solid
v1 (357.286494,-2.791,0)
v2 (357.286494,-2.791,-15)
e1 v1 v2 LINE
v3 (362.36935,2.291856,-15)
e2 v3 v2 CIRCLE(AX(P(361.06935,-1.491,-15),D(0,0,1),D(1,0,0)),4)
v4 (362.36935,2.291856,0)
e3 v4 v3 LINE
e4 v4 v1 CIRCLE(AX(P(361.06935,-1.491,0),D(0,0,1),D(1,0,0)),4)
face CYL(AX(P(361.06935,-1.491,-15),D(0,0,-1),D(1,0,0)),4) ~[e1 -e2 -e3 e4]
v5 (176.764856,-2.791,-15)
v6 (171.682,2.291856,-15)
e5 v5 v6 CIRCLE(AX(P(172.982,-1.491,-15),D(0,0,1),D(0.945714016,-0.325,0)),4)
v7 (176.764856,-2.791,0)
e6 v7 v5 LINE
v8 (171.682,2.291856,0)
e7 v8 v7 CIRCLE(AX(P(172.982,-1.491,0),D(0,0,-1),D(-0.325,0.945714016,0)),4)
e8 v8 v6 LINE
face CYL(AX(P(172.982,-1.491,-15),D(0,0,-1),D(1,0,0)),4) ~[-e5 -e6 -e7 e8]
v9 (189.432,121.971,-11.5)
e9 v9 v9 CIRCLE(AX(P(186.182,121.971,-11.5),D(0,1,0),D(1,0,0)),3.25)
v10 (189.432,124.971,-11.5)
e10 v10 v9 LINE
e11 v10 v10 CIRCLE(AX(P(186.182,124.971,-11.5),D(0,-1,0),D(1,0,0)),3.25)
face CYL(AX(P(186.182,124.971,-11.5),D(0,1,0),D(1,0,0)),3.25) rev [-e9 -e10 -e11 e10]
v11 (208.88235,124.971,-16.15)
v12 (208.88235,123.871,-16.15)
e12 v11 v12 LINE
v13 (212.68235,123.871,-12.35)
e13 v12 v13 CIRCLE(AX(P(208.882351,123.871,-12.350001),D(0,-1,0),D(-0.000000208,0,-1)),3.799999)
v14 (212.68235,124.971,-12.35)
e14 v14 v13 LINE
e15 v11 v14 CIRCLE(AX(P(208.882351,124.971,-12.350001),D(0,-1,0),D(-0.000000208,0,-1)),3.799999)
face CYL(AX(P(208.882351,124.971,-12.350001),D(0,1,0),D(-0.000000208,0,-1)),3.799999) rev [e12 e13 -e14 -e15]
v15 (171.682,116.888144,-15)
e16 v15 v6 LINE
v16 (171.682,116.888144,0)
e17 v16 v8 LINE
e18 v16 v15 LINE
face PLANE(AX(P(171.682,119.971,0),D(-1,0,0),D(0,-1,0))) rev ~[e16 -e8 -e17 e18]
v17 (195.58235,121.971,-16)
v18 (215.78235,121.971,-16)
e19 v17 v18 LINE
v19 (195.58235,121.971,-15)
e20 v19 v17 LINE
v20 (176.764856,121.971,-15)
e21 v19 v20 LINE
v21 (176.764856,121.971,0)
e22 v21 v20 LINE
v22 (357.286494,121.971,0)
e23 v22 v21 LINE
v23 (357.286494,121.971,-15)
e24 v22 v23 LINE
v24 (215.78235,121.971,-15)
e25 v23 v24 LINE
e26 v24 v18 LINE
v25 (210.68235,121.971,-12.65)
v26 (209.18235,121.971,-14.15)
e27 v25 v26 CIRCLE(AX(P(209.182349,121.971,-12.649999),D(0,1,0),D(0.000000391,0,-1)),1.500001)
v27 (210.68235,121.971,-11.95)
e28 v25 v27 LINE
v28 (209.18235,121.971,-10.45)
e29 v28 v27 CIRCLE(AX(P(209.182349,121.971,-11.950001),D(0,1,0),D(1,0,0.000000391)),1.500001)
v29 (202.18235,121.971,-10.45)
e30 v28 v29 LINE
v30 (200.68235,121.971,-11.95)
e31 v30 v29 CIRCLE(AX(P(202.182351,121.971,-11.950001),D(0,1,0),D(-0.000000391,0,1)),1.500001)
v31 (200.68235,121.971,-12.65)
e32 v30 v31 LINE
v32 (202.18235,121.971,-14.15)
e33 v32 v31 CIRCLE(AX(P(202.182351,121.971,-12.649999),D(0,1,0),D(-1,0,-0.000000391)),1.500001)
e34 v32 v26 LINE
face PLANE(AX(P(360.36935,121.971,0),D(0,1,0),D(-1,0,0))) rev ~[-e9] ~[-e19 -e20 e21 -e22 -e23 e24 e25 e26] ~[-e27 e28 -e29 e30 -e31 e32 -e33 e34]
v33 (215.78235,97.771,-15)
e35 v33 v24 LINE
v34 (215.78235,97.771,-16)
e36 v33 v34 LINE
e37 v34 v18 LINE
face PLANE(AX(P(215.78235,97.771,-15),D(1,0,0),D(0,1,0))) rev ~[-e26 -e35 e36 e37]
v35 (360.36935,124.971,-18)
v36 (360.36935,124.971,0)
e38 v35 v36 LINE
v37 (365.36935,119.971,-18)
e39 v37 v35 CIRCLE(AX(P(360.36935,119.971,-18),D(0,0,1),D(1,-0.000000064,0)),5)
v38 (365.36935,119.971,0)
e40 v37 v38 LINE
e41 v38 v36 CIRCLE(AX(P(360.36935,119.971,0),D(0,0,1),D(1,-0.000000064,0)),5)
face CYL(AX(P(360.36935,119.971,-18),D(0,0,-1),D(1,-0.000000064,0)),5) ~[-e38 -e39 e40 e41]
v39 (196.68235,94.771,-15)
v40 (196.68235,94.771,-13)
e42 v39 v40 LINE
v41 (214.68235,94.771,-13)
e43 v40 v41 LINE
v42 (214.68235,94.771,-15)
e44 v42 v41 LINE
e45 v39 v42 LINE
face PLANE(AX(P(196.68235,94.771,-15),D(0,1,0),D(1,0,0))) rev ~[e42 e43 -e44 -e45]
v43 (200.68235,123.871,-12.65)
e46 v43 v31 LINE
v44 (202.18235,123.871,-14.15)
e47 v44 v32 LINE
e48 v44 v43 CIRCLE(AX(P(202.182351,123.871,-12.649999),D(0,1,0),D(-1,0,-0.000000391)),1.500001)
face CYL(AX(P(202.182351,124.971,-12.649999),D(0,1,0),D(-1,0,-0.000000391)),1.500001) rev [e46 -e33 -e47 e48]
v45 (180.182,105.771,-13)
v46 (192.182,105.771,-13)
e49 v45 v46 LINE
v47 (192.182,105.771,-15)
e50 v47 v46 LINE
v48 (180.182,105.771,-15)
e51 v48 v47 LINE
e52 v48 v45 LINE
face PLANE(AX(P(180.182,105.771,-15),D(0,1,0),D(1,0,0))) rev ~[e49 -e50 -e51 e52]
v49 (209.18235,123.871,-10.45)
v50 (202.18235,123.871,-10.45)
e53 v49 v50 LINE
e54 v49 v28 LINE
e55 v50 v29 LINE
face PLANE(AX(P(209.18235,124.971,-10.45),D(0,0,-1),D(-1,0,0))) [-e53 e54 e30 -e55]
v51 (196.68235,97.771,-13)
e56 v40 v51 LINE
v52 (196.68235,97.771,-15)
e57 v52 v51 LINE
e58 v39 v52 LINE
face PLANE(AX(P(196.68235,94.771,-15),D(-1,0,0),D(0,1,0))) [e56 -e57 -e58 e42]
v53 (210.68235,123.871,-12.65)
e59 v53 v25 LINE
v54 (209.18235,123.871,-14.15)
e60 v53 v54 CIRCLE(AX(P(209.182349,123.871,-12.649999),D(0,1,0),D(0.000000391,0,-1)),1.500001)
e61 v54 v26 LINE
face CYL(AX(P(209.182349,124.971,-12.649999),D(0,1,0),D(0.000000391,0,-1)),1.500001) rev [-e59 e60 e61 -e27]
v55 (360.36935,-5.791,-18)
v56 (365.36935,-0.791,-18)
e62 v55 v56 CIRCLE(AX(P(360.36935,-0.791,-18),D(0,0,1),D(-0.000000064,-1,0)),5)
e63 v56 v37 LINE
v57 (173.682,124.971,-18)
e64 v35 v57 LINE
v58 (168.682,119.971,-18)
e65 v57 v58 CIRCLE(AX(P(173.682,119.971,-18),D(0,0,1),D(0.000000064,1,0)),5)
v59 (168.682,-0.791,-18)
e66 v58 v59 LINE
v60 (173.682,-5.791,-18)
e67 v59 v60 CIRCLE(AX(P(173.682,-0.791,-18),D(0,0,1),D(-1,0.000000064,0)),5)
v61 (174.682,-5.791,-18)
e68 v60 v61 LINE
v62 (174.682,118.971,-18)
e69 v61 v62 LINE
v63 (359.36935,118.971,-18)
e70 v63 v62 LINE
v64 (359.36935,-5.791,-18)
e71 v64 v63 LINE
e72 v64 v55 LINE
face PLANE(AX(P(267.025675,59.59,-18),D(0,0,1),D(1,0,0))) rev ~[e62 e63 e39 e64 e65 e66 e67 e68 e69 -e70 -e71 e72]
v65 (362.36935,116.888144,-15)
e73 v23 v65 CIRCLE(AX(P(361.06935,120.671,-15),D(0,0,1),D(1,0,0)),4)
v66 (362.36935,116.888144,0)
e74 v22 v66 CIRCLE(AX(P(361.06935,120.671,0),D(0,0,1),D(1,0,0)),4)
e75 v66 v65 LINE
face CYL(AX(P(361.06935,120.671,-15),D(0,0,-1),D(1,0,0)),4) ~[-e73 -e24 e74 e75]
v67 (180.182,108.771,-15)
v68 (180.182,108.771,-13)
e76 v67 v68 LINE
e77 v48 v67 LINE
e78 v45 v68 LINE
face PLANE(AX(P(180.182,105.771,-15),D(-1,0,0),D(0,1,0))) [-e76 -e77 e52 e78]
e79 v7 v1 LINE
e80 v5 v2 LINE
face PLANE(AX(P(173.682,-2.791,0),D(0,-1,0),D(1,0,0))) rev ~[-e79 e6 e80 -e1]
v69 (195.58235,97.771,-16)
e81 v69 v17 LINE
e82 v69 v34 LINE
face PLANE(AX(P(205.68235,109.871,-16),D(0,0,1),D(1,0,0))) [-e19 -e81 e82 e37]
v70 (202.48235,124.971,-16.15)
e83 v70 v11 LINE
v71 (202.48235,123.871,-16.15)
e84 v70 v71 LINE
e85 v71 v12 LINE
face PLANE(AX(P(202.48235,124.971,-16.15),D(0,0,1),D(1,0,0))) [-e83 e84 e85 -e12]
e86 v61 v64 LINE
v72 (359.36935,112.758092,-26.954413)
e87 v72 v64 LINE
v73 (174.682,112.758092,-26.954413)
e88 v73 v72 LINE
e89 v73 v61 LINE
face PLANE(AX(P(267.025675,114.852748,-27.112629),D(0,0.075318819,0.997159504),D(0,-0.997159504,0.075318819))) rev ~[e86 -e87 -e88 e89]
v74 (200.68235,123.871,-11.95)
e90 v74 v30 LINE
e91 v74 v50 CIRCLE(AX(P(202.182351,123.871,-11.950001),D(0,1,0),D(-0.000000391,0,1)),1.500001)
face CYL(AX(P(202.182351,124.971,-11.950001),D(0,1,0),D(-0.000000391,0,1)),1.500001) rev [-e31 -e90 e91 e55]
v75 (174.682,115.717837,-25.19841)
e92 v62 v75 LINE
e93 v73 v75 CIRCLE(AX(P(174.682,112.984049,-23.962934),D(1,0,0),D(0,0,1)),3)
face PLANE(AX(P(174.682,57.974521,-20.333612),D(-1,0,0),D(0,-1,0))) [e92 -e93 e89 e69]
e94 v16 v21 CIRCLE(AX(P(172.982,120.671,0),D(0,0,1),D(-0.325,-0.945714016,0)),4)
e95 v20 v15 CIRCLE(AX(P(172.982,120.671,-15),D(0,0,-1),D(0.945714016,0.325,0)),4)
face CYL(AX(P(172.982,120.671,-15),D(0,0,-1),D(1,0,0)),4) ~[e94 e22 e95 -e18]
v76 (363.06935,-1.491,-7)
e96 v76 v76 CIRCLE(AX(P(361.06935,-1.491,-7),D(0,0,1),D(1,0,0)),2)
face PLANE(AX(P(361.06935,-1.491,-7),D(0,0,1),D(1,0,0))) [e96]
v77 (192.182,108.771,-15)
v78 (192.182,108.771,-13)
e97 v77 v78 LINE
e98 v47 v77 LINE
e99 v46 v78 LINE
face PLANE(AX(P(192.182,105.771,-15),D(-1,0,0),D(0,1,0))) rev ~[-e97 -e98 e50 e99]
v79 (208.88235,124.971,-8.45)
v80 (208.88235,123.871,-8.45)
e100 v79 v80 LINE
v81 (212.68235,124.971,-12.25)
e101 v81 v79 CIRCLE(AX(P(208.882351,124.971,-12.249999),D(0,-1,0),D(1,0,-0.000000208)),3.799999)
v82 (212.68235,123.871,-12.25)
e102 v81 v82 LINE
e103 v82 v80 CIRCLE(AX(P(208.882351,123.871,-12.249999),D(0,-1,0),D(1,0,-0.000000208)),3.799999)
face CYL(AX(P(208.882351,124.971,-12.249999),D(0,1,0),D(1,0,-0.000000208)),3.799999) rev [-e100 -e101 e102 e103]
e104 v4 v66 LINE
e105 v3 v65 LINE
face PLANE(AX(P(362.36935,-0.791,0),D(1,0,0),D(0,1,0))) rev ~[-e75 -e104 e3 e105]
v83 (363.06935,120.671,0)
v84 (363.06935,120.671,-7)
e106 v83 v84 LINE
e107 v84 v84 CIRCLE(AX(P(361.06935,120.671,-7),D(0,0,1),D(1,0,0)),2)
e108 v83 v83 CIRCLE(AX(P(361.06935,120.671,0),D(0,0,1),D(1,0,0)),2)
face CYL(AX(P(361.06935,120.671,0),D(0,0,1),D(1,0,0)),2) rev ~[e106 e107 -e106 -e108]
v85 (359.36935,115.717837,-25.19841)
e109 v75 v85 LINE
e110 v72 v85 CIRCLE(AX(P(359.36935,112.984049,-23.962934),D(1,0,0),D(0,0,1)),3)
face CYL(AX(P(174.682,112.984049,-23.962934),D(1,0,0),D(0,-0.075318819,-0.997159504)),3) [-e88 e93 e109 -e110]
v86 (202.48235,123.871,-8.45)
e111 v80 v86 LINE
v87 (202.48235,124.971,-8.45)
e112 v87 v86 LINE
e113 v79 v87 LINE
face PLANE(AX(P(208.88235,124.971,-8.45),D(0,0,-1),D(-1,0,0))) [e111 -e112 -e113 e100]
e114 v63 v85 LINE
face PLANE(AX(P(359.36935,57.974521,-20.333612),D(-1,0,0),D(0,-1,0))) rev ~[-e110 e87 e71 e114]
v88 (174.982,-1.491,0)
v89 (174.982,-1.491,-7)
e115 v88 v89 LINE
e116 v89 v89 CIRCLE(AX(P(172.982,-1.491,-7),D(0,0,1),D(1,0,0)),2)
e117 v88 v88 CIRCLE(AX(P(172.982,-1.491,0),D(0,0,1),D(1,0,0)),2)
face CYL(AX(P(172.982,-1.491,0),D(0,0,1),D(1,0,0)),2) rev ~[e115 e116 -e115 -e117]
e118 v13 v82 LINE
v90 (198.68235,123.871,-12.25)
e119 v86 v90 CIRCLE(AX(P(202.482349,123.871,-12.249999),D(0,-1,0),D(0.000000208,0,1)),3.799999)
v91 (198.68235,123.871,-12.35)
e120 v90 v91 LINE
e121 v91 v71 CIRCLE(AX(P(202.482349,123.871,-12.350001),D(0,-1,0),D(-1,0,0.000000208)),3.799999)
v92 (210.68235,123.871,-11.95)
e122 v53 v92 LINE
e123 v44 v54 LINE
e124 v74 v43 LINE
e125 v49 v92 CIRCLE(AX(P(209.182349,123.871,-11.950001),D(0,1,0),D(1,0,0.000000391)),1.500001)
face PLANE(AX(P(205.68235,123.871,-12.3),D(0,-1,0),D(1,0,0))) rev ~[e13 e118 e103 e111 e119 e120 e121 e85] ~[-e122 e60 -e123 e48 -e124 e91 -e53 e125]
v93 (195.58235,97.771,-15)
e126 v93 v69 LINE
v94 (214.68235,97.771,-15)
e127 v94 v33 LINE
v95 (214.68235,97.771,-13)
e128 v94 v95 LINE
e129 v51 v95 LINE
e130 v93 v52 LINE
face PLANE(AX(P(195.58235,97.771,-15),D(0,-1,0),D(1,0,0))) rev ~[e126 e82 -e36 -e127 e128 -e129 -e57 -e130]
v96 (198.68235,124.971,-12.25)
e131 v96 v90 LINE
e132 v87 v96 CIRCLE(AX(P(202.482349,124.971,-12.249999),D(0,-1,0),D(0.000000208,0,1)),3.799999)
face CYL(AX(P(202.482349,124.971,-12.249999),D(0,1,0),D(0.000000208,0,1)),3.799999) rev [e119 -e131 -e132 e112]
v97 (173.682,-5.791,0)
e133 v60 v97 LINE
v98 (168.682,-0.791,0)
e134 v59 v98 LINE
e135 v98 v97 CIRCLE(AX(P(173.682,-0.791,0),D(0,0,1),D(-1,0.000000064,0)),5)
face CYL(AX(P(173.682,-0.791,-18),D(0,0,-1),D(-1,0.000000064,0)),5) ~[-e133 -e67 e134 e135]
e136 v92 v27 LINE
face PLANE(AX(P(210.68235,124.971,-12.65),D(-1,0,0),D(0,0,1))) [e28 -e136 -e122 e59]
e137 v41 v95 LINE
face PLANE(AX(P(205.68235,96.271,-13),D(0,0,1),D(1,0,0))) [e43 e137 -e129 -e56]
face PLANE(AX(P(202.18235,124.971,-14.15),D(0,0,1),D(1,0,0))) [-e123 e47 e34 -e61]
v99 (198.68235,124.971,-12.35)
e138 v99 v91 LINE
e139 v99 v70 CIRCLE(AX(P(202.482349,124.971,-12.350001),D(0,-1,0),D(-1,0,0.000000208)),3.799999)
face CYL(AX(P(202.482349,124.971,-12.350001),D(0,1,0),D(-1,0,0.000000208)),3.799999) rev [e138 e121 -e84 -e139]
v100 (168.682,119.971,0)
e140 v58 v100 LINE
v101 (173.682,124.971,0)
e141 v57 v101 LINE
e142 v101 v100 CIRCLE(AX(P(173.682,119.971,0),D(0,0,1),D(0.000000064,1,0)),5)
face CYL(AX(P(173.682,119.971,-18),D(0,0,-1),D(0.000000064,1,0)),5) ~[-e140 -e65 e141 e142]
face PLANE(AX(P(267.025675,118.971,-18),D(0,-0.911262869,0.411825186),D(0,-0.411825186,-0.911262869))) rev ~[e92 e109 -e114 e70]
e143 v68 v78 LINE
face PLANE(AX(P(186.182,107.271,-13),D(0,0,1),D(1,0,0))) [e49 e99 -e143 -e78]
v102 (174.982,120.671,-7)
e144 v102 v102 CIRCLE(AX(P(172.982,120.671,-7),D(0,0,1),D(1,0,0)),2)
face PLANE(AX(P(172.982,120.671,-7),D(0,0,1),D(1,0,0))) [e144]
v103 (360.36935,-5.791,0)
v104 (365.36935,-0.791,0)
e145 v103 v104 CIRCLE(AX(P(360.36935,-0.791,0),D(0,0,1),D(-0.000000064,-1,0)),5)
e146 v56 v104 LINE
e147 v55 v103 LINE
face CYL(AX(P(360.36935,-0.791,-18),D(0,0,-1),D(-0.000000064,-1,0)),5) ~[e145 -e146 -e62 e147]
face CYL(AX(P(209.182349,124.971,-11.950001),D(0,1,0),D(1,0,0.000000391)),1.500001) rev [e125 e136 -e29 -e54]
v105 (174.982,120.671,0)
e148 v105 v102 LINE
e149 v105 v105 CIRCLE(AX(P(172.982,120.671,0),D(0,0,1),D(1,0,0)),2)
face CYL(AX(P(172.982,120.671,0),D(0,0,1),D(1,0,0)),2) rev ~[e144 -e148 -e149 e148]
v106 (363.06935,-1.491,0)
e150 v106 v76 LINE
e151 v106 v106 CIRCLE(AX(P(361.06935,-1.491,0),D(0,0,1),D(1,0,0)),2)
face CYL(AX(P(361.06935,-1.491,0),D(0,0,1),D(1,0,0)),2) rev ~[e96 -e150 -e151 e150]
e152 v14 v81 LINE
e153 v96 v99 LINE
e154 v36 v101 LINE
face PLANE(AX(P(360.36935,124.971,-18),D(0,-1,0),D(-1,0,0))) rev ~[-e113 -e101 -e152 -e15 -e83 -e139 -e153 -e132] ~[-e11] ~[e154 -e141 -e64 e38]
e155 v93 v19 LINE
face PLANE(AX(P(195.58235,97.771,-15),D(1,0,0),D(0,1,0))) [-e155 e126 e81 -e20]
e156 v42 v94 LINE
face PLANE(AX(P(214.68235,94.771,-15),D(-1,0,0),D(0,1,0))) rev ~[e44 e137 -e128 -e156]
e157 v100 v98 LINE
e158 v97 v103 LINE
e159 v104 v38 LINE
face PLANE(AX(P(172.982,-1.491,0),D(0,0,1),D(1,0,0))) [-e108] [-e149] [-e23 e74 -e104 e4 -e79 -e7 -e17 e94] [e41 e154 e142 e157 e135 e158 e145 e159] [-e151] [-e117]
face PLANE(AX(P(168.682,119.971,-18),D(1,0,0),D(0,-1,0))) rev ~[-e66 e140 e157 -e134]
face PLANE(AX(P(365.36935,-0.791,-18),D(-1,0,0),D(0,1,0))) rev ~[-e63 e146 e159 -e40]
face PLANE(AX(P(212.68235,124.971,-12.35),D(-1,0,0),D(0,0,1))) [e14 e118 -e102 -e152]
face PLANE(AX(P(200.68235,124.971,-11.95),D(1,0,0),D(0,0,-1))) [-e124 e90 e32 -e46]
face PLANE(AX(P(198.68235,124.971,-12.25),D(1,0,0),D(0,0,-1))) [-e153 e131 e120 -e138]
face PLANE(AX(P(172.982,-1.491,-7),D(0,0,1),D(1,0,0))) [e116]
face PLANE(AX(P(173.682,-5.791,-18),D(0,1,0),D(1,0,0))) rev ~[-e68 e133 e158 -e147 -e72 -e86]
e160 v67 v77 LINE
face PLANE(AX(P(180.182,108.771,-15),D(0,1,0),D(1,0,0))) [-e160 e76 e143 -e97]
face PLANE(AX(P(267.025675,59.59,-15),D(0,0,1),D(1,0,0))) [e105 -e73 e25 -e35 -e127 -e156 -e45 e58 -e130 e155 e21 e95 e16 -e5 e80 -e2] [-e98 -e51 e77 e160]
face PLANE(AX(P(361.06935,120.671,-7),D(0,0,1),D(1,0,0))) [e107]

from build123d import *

# Parameters (mm, degrees)
RIGHT_BODY_PAD_DEPTH            = 18
RIGHT_BODY_CAVITY_POCKET_DEPTH  = 15
RIGHT_BODY_BOSSES_R             = 4
RIGHT_BODY_BOSS_PAD_DEPTH       = 15
RIGHT_BODY_INSERT_HOLES_R       = 2
RIGHT_BODY_INSERT_POCKETS_DEPTH = 7
RIGHT_BODY_REST_PAD_DEPTH       = 92.343675
RIGHT_BODY_REST_FILLET_R        = 3
RIGHT_JACK_HOLE_R               = 3.25
RIGHT_JACK_HOLE_POCKET_DEPTH    = 3.2
RIGHT_JACK_STOP_W               = 12
RIGHT_JACK_STOP_H               = 3
RIGHT_JACK_STOP_PAD_DEPTH       = 2
RIGHT_CTRL_SEAT_W               = 20.2
RIGHT_CTRL_SEAT_H               = 24.2
RIGHT_CTRL_SEAT_POCKET_DEPTH    = 1
RIGHT_USB_OPENING_POCKET_DEPTH  = 3.2
RIGHT_USB_BEZEL_POCKET_DEPTH    = 1.1
RIGHT_CTRL_STOP_W               = 18
RIGHT_CTRL_STOP_H               = 3
RIGHT_CTRL_STOP_PAD_DEPTH       = 2


with BuildPart() as part:
    # Right_Body_Outline → Right_Body_Pad (new body)
    with BuildSketch(Plane.XY.offset(-18)):
        with BuildLine():
            Line((-0.38035, -5.791), (186.307, -5.791))
            ThreePointArc((186.307, -5.791), (189.842534, -4.326534), (191.307, -0.791))
            Line((191.307, -0.791), (191.307, 119.971))
            ThreePointArc((191.307, 119.971), (189.842534, 123.506534), (186.307, 124.971))
            Line((186.307, 124.971), (-0.38035, 124.971))
            ThreePointArc((-0.38035, 124.971), (-3.915884, 123.506534), (-5.38035, 119.971))
            Line((-5.38035, 119.971), (-5.38035, -0.791))
            ThreePointArc((-5.38035, -0.791), (-3.915884, -4.326534), (-0.38035, -5.791))
        make_face()
    extrude(amount=RIGHT_BODY_PAD_DEPTH)

    # Right_Body_Cavity → Right_Body_Cavity_Pocket (cut)
    with BuildSketch(Plane.XY):
        with BuildLine():
            Line((-0.38035, -2.791), (186.307, -2.791))
            ThreePointArc((186.307, -2.791), (187.721214, -2.205214), (188.307, -0.791))
            Line((188.307, -0.791), (188.307, 119.971))
            ThreePointArc((188.307, 119.971), (187.721214, 121.385214), (186.307, 121.971))
            Line((186.307, 121.971), (-0.38035, 121.971))
            ThreePointArc((-0.38035, 121.971), (-1.794564, 121.385214), (-2.38035, 119.971))
            Line((-2.38035, 119.971), (-2.38035, -0.791))
            ThreePointArc((-2.38035, -0.791), (-1.794564, -2.205214), (-0.38035, -2.791))
        make_face()
    extrude(amount=-RIGHT_BODY_CAVITY_POCKET_DEPTH, mode=Mode.SUBTRACT)

    # Right_Body_Bosses → Right_Body_Boss_Pad (join)
    with BuildSketch(Plane.XY.offset(-15)):
        with Locations((-1.08035, -1.491)):
            Circle(RIGHT_BODY_BOSSES_R)
        with Locations((187.007, -1.491)):
            Circle(RIGHT_BODY_BOSSES_R)
        with Locations((-1.08035, 120.671)):
            Circle(RIGHT_BODY_BOSSES_R)
        with Locations((187.007, 120.671)):
            Circle(RIGHT_BODY_BOSSES_R)
    extrude(amount=RIGHT_BODY_BOSS_PAD_DEPTH)

    # Right_Body_Insert_Holes → Right_Body_Insert_Pockets (cut)
    with BuildSketch(Plane.XY):
        with Locations((-1.08035, -1.491)):
            Circle(RIGHT_BODY_INSERT_HOLES_R)
        with Locations((187.007, -1.491)):
            Circle(RIGHT_BODY_INSERT_HOLES_R)
        with Locations((-1.08035, 120.671)):
            Circle(RIGHT_BODY_INSERT_HOLES_R)
        with Locations((187.007, 120.671)):
            Circle(RIGHT_BODY_INSERT_HOLES_R)
    extrude(amount=-RIGHT_BODY_INSERT_POCKETS_DEPTH, mode=Mode.SUBTRACT)

    # Right_Body_Rest → Right_Body_Rest_Pad (join, symmetric)
    with BuildSketch(Plane.YZ.offset(92.963325)):
        Polygon((-5.791, -18), (118.971, -18), (114.852748, -27.112629), align=None)
    extrude(amount=RIGHT_BODY_REST_PAD_DEPTH, both=True)

    # Right_Body_Rest_Fillet
    right_body_rest_fillet_edges = [part.edges().sort_by_distance(p)[0] for p in [
        (92.963325, 114.852748, -27.112629),
    ]]
    fillet(right_body_rest_fillet_edges, radius=RIGHT_BODY_REST_FILLET_R)

    # Right_Jack_Hole → Right_Jack_Hole_Pocket (cut)
    with BuildSketch(Plane.XZ.offset(-124.971)):
        with Locations((12.11965, -11.5)):
            Circle(RIGHT_JACK_HOLE_R)
    extrude(amount=RIGHT_JACK_HOLE_POCKET_DEPTH, mode=Mode.SUBTRACT)

    # Right_Jack_Stop → Right_Jack_Stop_Pad (join)
    with BuildSketch(Plane.XY.offset(-15)):
        with Locations((12.11965, 107.271)):
            Rectangle(RIGHT_JACK_STOP_W, RIGHT_JACK_STOP_H)
    extrude(amount=RIGHT_JACK_STOP_PAD_DEPTH)

    # Right_Ctrl_Seat → Right_Ctrl_Seat_Pocket (cut)
    with BuildSketch(Plane.XY.offset(-15)):
        with Locations((31.62, 109.871)):
            Rectangle(RIGHT_CTRL_SEAT_W, RIGHT_CTRL_SEAT_H)
    extrude(amount=-RIGHT_CTRL_SEAT_POCKET_DEPTH, mode=Mode.SUBTRACT)

    # Right_Usb_Opening → Right_Usb_Opening_Pocket (cut)
    with BuildSketch(Plane.XZ.offset(-124.971)):
        with BuildLine():
            Line((28.12, -14.15), (35.12, -14.15))
            ThreePointArc((35.12, -14.15), (36.18066, -13.71066), (36.62, -12.65))
            Line((36.62, -12.65), (36.62, -11.95))
            ThreePointArc((36.62, -11.95), (36.18066, -10.88934), (35.12, -10.45))
            Line((35.12, -10.45), (28.12, -10.45))
            ThreePointArc((28.12, -10.45), (27.05934, -10.88934), (26.62, -11.95))
            Line((26.62, -11.95), (26.62, -12.65))
            ThreePointArc((26.62, -12.65), (27.05934, -13.71066), (28.12, -14.15))
        make_face()
    extrude(amount=RIGHT_USB_OPENING_POCKET_DEPTH, mode=Mode.SUBTRACT)

    # Right_Usb_Bezel → Right_Usb_Bezel_Pocket (cut)
    with BuildSketch(Plane.XZ.offset(-124.971)):
        with BuildLine():
            Line((28.42, -16.15), (34.82, -16.15))
            ThreePointArc((34.82, -16.15), (37.507006, -15.037006), (38.62, -12.35))
            Line((38.62, -12.35), (38.62, -12.25))
            ThreePointArc((38.62, -12.25), (37.507006, -9.562994), (34.82, -8.45))
            Line((34.82, -8.45), (28.42, -8.45))
            ThreePointArc((28.42, -8.45), (25.732994, -9.562994), (24.62, -12.25))
            Line((24.62, -12.25), (24.62, -12.35))
            ThreePointArc((24.62, -12.35), (25.732994, -15.037006), (28.42, -16.15))
        make_face()
    extrude(amount=RIGHT_USB_BEZEL_POCKET_DEPTH, mode=Mode.SUBTRACT)

    # Right_Ctrl_Stop → Right_Ctrl_Stop_Pad (join)
    with BuildSketch(Plane.XY.offset(-15)):
        with Locations((31.62, 96.271)):
            Rectangle(RIGHT_CTRL_STOP_W, RIGHT_CTRL_STOP_H)
    extrude(amount=RIGHT_CTRL_STOP_PAD_DEPTH)


with BuildPart() as part_1:
    # Right_Keyboard_Body placement: moved
    add(part.part.moved(Location((174.06235, 0, 0))))


solid = part_1.part
